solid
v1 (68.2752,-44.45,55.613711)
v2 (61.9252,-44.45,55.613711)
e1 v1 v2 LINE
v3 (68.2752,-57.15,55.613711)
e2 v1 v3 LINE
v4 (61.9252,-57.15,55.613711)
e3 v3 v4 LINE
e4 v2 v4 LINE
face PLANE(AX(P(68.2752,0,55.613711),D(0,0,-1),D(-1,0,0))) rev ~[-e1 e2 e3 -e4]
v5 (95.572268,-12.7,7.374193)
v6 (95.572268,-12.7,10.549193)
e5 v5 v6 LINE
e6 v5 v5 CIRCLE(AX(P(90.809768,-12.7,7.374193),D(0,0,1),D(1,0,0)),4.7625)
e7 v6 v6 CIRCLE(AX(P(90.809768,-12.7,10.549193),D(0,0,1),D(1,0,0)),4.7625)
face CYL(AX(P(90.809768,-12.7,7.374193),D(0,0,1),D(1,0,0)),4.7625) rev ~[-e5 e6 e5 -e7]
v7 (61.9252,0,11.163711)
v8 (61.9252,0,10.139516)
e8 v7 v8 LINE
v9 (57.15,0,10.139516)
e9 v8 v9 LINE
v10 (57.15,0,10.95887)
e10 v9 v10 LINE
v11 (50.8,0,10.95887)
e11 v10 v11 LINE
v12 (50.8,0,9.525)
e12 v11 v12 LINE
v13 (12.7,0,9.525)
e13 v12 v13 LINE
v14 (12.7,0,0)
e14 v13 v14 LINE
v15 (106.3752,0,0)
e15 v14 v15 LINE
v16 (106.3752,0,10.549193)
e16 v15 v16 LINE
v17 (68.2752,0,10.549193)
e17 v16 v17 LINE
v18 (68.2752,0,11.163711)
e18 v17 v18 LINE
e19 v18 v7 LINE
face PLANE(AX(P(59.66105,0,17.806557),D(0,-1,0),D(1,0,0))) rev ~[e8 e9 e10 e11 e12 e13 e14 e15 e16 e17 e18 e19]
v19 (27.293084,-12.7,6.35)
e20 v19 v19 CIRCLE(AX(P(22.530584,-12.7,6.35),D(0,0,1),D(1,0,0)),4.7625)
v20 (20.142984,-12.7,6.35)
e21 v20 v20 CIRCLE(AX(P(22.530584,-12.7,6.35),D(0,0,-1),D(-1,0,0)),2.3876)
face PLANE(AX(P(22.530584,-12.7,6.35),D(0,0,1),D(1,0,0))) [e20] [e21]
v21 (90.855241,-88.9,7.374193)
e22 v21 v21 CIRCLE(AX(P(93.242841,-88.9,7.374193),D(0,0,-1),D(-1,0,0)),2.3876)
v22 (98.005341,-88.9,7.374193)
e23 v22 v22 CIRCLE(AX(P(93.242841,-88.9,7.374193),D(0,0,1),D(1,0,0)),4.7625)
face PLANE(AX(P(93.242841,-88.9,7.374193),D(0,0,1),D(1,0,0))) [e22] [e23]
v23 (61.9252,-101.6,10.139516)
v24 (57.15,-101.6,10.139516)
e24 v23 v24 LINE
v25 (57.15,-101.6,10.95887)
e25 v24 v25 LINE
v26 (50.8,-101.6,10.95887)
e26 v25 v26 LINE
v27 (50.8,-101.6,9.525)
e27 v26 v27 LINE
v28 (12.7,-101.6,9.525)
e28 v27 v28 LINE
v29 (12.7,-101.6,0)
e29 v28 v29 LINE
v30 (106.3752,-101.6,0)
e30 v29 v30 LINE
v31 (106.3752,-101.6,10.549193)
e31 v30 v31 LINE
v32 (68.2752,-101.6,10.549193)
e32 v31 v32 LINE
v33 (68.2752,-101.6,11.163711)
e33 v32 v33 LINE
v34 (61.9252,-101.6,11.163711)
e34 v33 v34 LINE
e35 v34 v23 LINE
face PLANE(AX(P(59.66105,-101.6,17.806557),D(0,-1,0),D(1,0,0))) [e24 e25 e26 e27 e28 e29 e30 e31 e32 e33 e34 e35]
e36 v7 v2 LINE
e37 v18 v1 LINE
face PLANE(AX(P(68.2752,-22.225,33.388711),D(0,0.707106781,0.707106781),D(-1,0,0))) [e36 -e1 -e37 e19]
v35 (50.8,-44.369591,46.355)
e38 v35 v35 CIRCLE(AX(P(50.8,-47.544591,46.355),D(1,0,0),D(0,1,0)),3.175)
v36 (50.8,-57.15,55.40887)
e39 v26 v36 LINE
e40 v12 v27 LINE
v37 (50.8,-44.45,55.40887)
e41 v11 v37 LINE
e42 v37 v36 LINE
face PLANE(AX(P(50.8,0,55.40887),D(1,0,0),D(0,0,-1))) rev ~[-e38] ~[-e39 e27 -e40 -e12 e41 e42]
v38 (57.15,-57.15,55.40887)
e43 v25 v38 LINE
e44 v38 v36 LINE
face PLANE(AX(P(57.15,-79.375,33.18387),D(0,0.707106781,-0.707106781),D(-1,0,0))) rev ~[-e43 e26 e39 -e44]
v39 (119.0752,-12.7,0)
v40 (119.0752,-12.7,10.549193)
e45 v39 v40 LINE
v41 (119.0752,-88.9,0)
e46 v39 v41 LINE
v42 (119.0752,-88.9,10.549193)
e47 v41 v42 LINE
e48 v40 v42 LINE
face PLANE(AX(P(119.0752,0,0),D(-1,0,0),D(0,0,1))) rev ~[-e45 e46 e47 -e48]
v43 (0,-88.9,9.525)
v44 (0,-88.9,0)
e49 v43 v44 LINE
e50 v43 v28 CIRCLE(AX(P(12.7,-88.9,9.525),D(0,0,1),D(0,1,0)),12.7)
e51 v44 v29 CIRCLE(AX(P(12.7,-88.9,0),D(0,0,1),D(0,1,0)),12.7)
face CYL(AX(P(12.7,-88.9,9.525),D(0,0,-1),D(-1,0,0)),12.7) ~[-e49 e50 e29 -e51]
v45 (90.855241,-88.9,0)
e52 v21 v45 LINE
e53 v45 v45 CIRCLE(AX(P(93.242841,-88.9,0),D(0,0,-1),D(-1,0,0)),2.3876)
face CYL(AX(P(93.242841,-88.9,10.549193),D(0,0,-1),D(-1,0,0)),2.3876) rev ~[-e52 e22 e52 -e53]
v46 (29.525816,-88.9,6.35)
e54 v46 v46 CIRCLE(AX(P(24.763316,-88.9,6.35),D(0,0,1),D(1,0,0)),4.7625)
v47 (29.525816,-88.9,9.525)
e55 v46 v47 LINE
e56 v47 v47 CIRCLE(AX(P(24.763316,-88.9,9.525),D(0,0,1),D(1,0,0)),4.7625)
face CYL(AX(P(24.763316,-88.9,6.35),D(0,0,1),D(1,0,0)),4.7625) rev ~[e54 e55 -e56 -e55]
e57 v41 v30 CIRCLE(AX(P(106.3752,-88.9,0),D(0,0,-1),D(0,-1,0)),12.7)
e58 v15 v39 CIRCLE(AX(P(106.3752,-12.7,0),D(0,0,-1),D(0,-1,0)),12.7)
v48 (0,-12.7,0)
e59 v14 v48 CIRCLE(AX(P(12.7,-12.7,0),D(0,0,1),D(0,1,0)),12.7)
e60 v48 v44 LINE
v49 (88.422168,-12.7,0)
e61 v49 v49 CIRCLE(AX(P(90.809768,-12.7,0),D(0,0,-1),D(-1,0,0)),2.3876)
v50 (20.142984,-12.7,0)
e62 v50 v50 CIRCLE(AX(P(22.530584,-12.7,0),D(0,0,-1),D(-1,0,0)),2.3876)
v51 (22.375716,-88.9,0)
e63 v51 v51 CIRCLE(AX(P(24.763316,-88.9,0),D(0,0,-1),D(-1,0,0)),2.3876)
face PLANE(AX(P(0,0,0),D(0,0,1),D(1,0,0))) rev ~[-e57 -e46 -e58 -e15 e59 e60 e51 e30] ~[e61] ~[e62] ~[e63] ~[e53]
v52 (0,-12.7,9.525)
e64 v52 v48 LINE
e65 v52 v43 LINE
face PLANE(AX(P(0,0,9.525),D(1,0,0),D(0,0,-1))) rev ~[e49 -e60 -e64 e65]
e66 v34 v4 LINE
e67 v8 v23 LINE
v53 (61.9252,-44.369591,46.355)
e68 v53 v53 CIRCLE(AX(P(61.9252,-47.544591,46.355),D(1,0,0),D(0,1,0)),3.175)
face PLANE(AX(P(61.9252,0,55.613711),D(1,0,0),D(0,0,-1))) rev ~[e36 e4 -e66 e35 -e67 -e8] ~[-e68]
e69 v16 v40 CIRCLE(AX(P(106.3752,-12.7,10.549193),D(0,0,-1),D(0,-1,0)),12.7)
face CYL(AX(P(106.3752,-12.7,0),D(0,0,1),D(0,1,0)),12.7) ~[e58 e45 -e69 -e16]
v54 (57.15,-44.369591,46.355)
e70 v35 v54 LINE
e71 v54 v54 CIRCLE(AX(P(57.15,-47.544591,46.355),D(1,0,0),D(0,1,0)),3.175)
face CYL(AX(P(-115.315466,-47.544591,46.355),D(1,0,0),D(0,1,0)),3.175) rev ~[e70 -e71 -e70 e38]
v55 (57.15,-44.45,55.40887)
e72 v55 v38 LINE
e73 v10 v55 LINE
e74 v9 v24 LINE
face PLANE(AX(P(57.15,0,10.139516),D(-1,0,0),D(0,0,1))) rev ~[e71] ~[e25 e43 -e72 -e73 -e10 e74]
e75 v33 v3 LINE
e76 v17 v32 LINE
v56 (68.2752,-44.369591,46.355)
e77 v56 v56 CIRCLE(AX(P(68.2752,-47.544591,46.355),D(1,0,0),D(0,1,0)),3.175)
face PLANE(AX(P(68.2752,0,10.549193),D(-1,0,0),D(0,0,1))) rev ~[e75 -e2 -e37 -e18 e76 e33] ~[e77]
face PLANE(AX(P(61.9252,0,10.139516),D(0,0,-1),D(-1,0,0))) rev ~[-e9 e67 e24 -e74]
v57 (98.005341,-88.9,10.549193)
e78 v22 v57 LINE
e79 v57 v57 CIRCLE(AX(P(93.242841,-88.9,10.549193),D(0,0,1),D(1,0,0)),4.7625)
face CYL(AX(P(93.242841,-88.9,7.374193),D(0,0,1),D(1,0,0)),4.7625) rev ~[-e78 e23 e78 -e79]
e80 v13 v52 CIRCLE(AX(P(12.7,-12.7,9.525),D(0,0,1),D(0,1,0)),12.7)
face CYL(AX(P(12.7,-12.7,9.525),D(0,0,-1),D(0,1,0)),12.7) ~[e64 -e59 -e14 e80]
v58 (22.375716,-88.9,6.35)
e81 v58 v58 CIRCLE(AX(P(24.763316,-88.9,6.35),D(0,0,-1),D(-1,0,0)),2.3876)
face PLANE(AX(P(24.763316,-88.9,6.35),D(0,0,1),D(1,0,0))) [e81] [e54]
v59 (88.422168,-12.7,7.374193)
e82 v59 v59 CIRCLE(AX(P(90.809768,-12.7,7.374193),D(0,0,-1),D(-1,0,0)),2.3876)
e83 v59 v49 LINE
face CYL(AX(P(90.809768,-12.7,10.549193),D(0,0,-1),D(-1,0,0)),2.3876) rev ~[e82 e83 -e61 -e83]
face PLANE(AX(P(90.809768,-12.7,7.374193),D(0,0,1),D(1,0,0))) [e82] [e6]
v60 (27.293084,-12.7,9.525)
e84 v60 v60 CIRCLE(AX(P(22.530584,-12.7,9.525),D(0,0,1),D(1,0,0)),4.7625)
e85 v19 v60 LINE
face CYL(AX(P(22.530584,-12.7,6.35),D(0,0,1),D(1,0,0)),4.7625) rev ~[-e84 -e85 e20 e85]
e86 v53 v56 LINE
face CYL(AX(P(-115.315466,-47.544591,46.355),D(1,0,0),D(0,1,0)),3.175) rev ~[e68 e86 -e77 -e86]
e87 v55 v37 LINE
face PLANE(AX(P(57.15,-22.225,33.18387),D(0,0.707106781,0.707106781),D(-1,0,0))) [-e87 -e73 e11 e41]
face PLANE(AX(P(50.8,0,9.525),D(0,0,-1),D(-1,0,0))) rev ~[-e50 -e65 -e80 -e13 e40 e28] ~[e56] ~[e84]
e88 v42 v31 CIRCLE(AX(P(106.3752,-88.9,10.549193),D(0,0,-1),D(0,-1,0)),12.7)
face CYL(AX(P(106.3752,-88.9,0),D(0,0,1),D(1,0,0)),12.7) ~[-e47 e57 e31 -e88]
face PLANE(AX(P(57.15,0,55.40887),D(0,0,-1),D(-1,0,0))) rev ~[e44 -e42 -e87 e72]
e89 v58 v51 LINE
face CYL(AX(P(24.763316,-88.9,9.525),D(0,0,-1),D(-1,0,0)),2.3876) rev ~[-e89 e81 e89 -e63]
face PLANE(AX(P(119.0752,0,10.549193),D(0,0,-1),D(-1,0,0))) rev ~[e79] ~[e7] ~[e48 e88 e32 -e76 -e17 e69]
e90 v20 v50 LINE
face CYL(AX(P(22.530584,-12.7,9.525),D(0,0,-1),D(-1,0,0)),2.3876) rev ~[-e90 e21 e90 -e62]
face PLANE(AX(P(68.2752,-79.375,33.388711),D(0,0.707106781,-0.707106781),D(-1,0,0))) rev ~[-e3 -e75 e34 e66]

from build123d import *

# Parameters (mm, degrees)
F1_DEPTH       = 101.6
F3_D           = 4.7752
F3_CBORE_D     = 9.525
F3_CBORE_DEPTH = 3.175
F5_D           = 4.7752
F5_CBORE_D     = 9.525
F5_CBORE_DEPTH = 3.175
F7_D           = 6.35
F8_SIZE        = 44.45
F9_R           = 12.7


with BuildPart() as f1:
    # F0 (on Front) → F1 (new body)
    with BuildSketch(Plane.XZ):
        Polygon((0, 9.525), (0, 0), (119.0752, 0), (119.0752, 10.549193), (68.2752, 10.549193), (68.2752, 55.613711), (61.9252, 55.613711), (61.9252, 10.139516), (57.15, 10.139516), (57.15, 55.40887), (50.8, 55.40887), (50.8, 9.525), align=None)
    extrude(amount=F1_DEPTH)

    # F3 (through all)
    with Locations(Plane.XY.offset(9.525)):
        with Locations((22.530584, -12.7), (24.763316, -88.9)):
            CounterBoreHole(F3_D / 2, F3_CBORE_D / 2, F3_CBORE_DEPTH)

    # F5 (through all)
    with Locations(Plane.XY.offset(10.549193)):
        with Locations((90.809768, -12.7), (93.242841, -88.9)):
            CounterBoreHole(F5_D / 2, F5_CBORE_D / 2, F5_CBORE_DEPTH)

    # F7 (through all)
    with Locations(Plane(origin=(50.8, 0, 0), x_dir=(0, -1, 0), z_dir=(-1, 0, 0))):
        with Locations((47.544591, 46.355)):
            Hole(F7_D / 2)

    # F8
    f8_edges = [f1.edges().sort_by_distance(p)[0] for p in [
        (53.975, 0, 55.40887),
        (53.975, -101.6, 55.40887),
        (65.1002, -101.6, 55.613711),
        (65.1002, 0, 55.613711),
    ]]
    chamfer(f8_edges, length=F8_SIZE)

    # F9
    f9_edges = [f1.edges().sort_by_distance(p)[0] for p in [
        (0, 0, 4.7625),
        (0, -101.6, 4.7625),
        (119.0752, -101.6, 5.274597),
        (119.0752, 0, 5.274597),
    ]]
    fillet(f9_edges, radius=F9_R)


solid = f1.part
